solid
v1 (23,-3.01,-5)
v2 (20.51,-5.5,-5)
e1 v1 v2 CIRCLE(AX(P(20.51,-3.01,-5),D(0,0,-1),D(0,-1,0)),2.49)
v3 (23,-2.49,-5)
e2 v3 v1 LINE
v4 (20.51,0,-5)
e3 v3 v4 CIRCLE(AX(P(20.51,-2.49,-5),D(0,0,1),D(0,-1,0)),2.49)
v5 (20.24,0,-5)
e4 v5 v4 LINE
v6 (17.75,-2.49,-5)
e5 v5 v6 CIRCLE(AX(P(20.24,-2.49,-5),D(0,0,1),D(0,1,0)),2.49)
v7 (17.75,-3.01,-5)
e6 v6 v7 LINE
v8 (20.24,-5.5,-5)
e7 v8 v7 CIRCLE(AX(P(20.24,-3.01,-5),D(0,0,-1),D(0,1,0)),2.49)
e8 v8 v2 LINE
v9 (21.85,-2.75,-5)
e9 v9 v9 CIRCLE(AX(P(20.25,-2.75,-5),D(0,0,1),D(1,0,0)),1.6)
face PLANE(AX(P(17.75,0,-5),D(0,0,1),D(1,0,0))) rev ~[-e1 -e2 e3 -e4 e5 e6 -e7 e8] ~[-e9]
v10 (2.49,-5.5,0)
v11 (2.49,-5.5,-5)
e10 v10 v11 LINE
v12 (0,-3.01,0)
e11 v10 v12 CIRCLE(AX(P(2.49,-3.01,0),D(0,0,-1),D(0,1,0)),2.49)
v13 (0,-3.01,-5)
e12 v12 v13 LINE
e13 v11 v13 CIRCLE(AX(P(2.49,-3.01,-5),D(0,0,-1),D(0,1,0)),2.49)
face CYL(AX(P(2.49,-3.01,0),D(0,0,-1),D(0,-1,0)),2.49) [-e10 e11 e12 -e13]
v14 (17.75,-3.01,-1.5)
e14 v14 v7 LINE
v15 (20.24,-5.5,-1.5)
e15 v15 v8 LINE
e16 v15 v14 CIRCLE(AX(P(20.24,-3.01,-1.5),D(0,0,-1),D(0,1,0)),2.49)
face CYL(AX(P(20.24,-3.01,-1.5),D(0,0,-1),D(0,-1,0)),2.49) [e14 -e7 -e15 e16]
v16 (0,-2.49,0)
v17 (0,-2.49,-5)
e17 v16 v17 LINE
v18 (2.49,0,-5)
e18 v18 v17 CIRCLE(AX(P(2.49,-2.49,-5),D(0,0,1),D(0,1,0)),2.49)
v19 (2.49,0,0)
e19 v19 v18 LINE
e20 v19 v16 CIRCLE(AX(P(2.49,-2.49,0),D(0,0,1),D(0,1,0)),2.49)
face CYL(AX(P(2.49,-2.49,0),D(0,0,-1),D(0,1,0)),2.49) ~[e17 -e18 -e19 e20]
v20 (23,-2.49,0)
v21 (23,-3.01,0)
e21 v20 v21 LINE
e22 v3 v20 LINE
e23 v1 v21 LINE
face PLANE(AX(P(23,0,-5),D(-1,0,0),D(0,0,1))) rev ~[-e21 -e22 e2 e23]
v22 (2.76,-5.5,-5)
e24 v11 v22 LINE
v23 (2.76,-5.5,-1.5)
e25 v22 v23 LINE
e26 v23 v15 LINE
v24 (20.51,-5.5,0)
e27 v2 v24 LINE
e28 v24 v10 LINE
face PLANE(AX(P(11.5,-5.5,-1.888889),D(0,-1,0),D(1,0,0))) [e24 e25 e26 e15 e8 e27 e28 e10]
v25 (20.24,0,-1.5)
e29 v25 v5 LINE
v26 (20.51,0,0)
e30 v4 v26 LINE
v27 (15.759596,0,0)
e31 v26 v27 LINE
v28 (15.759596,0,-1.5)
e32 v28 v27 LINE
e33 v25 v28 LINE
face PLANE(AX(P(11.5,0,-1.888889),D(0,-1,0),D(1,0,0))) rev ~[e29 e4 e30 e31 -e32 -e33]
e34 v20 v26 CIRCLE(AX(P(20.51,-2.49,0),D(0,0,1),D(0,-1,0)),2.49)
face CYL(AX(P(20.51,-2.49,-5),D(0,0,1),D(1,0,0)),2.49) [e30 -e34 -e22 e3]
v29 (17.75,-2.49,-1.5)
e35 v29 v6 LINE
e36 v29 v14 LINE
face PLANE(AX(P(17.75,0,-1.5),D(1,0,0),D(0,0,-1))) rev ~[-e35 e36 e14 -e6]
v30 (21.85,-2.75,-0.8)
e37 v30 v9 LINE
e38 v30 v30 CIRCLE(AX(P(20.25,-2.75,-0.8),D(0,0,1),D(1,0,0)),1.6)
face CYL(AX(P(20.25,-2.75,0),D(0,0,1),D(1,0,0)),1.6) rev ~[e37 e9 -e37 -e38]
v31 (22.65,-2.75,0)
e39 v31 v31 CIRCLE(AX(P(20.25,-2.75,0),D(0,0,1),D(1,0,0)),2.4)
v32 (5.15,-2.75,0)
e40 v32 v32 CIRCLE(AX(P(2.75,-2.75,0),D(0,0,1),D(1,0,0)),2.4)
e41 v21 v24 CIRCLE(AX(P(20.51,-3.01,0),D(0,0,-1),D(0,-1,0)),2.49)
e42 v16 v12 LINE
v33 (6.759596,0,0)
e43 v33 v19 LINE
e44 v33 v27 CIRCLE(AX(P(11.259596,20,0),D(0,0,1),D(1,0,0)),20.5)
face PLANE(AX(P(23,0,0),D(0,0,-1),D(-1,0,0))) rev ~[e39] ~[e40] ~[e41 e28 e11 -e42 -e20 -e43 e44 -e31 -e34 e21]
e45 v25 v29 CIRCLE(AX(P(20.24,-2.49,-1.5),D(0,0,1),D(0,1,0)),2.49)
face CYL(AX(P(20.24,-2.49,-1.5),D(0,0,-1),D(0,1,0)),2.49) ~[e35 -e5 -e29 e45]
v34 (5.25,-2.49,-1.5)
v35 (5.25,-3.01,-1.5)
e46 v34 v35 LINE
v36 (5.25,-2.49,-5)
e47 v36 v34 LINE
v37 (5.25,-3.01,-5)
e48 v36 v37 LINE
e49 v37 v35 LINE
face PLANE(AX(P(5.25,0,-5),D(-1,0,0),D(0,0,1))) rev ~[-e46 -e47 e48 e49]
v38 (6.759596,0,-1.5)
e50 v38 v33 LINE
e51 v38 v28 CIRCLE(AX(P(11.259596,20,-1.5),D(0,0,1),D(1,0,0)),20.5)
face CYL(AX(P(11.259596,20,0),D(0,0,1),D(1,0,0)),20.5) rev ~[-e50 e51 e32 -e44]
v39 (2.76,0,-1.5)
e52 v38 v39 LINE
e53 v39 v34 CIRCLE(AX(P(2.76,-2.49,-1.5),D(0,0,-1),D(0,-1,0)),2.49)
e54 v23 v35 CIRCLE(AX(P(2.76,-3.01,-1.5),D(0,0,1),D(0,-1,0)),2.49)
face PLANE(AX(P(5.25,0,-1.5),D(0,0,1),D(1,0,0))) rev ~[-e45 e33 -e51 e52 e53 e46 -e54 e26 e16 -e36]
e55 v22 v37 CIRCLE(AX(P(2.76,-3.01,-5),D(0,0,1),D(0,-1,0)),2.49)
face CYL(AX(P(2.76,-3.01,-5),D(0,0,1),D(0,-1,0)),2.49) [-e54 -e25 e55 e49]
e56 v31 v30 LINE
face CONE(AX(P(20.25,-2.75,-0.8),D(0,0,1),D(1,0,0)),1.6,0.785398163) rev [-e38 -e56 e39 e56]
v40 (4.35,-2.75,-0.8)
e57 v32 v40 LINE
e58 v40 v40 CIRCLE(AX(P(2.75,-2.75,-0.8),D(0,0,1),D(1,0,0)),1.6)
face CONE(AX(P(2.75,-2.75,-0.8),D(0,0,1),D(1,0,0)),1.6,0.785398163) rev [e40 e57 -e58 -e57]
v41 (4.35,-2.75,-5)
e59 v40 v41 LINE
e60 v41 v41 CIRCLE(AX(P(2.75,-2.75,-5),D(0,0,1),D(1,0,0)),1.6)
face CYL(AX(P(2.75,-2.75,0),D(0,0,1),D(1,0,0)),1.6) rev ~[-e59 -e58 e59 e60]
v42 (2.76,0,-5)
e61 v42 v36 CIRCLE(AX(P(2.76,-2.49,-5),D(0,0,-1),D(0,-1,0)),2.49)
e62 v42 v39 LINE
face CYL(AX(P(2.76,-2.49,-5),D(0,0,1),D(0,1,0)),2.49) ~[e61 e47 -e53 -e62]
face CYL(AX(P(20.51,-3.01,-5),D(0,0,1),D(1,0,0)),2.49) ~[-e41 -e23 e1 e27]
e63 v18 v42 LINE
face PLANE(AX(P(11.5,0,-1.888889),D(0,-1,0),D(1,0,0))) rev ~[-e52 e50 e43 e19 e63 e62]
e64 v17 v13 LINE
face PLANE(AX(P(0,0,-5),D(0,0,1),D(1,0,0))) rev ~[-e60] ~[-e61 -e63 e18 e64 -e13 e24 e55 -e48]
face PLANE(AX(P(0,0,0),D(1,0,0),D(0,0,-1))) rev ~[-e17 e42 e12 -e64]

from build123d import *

# Parameters (mm, degrees)
PAD_DEPTH       = 5.5
SKETCH001_R     = 1.6
POCKET_DEPTH    = 10
CHAMFER_SIZE    = 0.8
FILLET_R        = 2.49
SKETCH002_R     = 20.5
POCKET001_DEPTH = 2.5


with BuildPart() as part:
    # Sketch → Pad (new body)
    with BuildSketch(Plane.XZ):
        Polygon((0, 0), (0, -5), (5.25, -5), (5.25, -1.5), (17.75, -1.5), (17.75, -5), (23, -5), (23, 0), align=None)
    extrude(amount=PAD_DEPTH)

    # Sketch001 → Pocket (cut)
    with BuildSketch(Plane.XY):
        with Locations((2.75, -2.75)):
            Circle(SKETCH001_R)
        with Locations((20.25, -2.75)):
            Circle(SKETCH001_R)
    extrude(amount=-POCKET_DEPTH, mode=Mode.SUBTRACT)

    # Chamfer
    chamfer_edges = [part.edges().sort_by_distance(p)[0] for p in [
        (1.15, -2.75, 0),
        (18.65, -2.75, 0),
    ]]
    chamfer(chamfer_edges, length=CHAMFER_SIZE)

    # Fillet
    fillet_edges = [part.edges().sort_by_distance(p)[0] for p in [
        (0, -5.5, -2.5),
        (0, 0, -2.5),
        (23, 0, -2.5),
        (23, -5.5, -2.5),
        (5.25, -5.5, -3.25),
        (5.25, 0, -3.25),
        (17.75, -5.5, -3.25),
        (17.75, 0, -3.25),
    ]]
    fillet(fillet_edges, radius=FILLET_R)

    # Sketch002 → Pocket001 (cut)
    with BuildSketch(Plane.XY):
        with Locations((11.259596, 20)):
            Circle(SKETCH002_R)
    extrude(amount=-POCKET001_DEPTH, mode=Mode.SUBTRACT)


solid = part.part
